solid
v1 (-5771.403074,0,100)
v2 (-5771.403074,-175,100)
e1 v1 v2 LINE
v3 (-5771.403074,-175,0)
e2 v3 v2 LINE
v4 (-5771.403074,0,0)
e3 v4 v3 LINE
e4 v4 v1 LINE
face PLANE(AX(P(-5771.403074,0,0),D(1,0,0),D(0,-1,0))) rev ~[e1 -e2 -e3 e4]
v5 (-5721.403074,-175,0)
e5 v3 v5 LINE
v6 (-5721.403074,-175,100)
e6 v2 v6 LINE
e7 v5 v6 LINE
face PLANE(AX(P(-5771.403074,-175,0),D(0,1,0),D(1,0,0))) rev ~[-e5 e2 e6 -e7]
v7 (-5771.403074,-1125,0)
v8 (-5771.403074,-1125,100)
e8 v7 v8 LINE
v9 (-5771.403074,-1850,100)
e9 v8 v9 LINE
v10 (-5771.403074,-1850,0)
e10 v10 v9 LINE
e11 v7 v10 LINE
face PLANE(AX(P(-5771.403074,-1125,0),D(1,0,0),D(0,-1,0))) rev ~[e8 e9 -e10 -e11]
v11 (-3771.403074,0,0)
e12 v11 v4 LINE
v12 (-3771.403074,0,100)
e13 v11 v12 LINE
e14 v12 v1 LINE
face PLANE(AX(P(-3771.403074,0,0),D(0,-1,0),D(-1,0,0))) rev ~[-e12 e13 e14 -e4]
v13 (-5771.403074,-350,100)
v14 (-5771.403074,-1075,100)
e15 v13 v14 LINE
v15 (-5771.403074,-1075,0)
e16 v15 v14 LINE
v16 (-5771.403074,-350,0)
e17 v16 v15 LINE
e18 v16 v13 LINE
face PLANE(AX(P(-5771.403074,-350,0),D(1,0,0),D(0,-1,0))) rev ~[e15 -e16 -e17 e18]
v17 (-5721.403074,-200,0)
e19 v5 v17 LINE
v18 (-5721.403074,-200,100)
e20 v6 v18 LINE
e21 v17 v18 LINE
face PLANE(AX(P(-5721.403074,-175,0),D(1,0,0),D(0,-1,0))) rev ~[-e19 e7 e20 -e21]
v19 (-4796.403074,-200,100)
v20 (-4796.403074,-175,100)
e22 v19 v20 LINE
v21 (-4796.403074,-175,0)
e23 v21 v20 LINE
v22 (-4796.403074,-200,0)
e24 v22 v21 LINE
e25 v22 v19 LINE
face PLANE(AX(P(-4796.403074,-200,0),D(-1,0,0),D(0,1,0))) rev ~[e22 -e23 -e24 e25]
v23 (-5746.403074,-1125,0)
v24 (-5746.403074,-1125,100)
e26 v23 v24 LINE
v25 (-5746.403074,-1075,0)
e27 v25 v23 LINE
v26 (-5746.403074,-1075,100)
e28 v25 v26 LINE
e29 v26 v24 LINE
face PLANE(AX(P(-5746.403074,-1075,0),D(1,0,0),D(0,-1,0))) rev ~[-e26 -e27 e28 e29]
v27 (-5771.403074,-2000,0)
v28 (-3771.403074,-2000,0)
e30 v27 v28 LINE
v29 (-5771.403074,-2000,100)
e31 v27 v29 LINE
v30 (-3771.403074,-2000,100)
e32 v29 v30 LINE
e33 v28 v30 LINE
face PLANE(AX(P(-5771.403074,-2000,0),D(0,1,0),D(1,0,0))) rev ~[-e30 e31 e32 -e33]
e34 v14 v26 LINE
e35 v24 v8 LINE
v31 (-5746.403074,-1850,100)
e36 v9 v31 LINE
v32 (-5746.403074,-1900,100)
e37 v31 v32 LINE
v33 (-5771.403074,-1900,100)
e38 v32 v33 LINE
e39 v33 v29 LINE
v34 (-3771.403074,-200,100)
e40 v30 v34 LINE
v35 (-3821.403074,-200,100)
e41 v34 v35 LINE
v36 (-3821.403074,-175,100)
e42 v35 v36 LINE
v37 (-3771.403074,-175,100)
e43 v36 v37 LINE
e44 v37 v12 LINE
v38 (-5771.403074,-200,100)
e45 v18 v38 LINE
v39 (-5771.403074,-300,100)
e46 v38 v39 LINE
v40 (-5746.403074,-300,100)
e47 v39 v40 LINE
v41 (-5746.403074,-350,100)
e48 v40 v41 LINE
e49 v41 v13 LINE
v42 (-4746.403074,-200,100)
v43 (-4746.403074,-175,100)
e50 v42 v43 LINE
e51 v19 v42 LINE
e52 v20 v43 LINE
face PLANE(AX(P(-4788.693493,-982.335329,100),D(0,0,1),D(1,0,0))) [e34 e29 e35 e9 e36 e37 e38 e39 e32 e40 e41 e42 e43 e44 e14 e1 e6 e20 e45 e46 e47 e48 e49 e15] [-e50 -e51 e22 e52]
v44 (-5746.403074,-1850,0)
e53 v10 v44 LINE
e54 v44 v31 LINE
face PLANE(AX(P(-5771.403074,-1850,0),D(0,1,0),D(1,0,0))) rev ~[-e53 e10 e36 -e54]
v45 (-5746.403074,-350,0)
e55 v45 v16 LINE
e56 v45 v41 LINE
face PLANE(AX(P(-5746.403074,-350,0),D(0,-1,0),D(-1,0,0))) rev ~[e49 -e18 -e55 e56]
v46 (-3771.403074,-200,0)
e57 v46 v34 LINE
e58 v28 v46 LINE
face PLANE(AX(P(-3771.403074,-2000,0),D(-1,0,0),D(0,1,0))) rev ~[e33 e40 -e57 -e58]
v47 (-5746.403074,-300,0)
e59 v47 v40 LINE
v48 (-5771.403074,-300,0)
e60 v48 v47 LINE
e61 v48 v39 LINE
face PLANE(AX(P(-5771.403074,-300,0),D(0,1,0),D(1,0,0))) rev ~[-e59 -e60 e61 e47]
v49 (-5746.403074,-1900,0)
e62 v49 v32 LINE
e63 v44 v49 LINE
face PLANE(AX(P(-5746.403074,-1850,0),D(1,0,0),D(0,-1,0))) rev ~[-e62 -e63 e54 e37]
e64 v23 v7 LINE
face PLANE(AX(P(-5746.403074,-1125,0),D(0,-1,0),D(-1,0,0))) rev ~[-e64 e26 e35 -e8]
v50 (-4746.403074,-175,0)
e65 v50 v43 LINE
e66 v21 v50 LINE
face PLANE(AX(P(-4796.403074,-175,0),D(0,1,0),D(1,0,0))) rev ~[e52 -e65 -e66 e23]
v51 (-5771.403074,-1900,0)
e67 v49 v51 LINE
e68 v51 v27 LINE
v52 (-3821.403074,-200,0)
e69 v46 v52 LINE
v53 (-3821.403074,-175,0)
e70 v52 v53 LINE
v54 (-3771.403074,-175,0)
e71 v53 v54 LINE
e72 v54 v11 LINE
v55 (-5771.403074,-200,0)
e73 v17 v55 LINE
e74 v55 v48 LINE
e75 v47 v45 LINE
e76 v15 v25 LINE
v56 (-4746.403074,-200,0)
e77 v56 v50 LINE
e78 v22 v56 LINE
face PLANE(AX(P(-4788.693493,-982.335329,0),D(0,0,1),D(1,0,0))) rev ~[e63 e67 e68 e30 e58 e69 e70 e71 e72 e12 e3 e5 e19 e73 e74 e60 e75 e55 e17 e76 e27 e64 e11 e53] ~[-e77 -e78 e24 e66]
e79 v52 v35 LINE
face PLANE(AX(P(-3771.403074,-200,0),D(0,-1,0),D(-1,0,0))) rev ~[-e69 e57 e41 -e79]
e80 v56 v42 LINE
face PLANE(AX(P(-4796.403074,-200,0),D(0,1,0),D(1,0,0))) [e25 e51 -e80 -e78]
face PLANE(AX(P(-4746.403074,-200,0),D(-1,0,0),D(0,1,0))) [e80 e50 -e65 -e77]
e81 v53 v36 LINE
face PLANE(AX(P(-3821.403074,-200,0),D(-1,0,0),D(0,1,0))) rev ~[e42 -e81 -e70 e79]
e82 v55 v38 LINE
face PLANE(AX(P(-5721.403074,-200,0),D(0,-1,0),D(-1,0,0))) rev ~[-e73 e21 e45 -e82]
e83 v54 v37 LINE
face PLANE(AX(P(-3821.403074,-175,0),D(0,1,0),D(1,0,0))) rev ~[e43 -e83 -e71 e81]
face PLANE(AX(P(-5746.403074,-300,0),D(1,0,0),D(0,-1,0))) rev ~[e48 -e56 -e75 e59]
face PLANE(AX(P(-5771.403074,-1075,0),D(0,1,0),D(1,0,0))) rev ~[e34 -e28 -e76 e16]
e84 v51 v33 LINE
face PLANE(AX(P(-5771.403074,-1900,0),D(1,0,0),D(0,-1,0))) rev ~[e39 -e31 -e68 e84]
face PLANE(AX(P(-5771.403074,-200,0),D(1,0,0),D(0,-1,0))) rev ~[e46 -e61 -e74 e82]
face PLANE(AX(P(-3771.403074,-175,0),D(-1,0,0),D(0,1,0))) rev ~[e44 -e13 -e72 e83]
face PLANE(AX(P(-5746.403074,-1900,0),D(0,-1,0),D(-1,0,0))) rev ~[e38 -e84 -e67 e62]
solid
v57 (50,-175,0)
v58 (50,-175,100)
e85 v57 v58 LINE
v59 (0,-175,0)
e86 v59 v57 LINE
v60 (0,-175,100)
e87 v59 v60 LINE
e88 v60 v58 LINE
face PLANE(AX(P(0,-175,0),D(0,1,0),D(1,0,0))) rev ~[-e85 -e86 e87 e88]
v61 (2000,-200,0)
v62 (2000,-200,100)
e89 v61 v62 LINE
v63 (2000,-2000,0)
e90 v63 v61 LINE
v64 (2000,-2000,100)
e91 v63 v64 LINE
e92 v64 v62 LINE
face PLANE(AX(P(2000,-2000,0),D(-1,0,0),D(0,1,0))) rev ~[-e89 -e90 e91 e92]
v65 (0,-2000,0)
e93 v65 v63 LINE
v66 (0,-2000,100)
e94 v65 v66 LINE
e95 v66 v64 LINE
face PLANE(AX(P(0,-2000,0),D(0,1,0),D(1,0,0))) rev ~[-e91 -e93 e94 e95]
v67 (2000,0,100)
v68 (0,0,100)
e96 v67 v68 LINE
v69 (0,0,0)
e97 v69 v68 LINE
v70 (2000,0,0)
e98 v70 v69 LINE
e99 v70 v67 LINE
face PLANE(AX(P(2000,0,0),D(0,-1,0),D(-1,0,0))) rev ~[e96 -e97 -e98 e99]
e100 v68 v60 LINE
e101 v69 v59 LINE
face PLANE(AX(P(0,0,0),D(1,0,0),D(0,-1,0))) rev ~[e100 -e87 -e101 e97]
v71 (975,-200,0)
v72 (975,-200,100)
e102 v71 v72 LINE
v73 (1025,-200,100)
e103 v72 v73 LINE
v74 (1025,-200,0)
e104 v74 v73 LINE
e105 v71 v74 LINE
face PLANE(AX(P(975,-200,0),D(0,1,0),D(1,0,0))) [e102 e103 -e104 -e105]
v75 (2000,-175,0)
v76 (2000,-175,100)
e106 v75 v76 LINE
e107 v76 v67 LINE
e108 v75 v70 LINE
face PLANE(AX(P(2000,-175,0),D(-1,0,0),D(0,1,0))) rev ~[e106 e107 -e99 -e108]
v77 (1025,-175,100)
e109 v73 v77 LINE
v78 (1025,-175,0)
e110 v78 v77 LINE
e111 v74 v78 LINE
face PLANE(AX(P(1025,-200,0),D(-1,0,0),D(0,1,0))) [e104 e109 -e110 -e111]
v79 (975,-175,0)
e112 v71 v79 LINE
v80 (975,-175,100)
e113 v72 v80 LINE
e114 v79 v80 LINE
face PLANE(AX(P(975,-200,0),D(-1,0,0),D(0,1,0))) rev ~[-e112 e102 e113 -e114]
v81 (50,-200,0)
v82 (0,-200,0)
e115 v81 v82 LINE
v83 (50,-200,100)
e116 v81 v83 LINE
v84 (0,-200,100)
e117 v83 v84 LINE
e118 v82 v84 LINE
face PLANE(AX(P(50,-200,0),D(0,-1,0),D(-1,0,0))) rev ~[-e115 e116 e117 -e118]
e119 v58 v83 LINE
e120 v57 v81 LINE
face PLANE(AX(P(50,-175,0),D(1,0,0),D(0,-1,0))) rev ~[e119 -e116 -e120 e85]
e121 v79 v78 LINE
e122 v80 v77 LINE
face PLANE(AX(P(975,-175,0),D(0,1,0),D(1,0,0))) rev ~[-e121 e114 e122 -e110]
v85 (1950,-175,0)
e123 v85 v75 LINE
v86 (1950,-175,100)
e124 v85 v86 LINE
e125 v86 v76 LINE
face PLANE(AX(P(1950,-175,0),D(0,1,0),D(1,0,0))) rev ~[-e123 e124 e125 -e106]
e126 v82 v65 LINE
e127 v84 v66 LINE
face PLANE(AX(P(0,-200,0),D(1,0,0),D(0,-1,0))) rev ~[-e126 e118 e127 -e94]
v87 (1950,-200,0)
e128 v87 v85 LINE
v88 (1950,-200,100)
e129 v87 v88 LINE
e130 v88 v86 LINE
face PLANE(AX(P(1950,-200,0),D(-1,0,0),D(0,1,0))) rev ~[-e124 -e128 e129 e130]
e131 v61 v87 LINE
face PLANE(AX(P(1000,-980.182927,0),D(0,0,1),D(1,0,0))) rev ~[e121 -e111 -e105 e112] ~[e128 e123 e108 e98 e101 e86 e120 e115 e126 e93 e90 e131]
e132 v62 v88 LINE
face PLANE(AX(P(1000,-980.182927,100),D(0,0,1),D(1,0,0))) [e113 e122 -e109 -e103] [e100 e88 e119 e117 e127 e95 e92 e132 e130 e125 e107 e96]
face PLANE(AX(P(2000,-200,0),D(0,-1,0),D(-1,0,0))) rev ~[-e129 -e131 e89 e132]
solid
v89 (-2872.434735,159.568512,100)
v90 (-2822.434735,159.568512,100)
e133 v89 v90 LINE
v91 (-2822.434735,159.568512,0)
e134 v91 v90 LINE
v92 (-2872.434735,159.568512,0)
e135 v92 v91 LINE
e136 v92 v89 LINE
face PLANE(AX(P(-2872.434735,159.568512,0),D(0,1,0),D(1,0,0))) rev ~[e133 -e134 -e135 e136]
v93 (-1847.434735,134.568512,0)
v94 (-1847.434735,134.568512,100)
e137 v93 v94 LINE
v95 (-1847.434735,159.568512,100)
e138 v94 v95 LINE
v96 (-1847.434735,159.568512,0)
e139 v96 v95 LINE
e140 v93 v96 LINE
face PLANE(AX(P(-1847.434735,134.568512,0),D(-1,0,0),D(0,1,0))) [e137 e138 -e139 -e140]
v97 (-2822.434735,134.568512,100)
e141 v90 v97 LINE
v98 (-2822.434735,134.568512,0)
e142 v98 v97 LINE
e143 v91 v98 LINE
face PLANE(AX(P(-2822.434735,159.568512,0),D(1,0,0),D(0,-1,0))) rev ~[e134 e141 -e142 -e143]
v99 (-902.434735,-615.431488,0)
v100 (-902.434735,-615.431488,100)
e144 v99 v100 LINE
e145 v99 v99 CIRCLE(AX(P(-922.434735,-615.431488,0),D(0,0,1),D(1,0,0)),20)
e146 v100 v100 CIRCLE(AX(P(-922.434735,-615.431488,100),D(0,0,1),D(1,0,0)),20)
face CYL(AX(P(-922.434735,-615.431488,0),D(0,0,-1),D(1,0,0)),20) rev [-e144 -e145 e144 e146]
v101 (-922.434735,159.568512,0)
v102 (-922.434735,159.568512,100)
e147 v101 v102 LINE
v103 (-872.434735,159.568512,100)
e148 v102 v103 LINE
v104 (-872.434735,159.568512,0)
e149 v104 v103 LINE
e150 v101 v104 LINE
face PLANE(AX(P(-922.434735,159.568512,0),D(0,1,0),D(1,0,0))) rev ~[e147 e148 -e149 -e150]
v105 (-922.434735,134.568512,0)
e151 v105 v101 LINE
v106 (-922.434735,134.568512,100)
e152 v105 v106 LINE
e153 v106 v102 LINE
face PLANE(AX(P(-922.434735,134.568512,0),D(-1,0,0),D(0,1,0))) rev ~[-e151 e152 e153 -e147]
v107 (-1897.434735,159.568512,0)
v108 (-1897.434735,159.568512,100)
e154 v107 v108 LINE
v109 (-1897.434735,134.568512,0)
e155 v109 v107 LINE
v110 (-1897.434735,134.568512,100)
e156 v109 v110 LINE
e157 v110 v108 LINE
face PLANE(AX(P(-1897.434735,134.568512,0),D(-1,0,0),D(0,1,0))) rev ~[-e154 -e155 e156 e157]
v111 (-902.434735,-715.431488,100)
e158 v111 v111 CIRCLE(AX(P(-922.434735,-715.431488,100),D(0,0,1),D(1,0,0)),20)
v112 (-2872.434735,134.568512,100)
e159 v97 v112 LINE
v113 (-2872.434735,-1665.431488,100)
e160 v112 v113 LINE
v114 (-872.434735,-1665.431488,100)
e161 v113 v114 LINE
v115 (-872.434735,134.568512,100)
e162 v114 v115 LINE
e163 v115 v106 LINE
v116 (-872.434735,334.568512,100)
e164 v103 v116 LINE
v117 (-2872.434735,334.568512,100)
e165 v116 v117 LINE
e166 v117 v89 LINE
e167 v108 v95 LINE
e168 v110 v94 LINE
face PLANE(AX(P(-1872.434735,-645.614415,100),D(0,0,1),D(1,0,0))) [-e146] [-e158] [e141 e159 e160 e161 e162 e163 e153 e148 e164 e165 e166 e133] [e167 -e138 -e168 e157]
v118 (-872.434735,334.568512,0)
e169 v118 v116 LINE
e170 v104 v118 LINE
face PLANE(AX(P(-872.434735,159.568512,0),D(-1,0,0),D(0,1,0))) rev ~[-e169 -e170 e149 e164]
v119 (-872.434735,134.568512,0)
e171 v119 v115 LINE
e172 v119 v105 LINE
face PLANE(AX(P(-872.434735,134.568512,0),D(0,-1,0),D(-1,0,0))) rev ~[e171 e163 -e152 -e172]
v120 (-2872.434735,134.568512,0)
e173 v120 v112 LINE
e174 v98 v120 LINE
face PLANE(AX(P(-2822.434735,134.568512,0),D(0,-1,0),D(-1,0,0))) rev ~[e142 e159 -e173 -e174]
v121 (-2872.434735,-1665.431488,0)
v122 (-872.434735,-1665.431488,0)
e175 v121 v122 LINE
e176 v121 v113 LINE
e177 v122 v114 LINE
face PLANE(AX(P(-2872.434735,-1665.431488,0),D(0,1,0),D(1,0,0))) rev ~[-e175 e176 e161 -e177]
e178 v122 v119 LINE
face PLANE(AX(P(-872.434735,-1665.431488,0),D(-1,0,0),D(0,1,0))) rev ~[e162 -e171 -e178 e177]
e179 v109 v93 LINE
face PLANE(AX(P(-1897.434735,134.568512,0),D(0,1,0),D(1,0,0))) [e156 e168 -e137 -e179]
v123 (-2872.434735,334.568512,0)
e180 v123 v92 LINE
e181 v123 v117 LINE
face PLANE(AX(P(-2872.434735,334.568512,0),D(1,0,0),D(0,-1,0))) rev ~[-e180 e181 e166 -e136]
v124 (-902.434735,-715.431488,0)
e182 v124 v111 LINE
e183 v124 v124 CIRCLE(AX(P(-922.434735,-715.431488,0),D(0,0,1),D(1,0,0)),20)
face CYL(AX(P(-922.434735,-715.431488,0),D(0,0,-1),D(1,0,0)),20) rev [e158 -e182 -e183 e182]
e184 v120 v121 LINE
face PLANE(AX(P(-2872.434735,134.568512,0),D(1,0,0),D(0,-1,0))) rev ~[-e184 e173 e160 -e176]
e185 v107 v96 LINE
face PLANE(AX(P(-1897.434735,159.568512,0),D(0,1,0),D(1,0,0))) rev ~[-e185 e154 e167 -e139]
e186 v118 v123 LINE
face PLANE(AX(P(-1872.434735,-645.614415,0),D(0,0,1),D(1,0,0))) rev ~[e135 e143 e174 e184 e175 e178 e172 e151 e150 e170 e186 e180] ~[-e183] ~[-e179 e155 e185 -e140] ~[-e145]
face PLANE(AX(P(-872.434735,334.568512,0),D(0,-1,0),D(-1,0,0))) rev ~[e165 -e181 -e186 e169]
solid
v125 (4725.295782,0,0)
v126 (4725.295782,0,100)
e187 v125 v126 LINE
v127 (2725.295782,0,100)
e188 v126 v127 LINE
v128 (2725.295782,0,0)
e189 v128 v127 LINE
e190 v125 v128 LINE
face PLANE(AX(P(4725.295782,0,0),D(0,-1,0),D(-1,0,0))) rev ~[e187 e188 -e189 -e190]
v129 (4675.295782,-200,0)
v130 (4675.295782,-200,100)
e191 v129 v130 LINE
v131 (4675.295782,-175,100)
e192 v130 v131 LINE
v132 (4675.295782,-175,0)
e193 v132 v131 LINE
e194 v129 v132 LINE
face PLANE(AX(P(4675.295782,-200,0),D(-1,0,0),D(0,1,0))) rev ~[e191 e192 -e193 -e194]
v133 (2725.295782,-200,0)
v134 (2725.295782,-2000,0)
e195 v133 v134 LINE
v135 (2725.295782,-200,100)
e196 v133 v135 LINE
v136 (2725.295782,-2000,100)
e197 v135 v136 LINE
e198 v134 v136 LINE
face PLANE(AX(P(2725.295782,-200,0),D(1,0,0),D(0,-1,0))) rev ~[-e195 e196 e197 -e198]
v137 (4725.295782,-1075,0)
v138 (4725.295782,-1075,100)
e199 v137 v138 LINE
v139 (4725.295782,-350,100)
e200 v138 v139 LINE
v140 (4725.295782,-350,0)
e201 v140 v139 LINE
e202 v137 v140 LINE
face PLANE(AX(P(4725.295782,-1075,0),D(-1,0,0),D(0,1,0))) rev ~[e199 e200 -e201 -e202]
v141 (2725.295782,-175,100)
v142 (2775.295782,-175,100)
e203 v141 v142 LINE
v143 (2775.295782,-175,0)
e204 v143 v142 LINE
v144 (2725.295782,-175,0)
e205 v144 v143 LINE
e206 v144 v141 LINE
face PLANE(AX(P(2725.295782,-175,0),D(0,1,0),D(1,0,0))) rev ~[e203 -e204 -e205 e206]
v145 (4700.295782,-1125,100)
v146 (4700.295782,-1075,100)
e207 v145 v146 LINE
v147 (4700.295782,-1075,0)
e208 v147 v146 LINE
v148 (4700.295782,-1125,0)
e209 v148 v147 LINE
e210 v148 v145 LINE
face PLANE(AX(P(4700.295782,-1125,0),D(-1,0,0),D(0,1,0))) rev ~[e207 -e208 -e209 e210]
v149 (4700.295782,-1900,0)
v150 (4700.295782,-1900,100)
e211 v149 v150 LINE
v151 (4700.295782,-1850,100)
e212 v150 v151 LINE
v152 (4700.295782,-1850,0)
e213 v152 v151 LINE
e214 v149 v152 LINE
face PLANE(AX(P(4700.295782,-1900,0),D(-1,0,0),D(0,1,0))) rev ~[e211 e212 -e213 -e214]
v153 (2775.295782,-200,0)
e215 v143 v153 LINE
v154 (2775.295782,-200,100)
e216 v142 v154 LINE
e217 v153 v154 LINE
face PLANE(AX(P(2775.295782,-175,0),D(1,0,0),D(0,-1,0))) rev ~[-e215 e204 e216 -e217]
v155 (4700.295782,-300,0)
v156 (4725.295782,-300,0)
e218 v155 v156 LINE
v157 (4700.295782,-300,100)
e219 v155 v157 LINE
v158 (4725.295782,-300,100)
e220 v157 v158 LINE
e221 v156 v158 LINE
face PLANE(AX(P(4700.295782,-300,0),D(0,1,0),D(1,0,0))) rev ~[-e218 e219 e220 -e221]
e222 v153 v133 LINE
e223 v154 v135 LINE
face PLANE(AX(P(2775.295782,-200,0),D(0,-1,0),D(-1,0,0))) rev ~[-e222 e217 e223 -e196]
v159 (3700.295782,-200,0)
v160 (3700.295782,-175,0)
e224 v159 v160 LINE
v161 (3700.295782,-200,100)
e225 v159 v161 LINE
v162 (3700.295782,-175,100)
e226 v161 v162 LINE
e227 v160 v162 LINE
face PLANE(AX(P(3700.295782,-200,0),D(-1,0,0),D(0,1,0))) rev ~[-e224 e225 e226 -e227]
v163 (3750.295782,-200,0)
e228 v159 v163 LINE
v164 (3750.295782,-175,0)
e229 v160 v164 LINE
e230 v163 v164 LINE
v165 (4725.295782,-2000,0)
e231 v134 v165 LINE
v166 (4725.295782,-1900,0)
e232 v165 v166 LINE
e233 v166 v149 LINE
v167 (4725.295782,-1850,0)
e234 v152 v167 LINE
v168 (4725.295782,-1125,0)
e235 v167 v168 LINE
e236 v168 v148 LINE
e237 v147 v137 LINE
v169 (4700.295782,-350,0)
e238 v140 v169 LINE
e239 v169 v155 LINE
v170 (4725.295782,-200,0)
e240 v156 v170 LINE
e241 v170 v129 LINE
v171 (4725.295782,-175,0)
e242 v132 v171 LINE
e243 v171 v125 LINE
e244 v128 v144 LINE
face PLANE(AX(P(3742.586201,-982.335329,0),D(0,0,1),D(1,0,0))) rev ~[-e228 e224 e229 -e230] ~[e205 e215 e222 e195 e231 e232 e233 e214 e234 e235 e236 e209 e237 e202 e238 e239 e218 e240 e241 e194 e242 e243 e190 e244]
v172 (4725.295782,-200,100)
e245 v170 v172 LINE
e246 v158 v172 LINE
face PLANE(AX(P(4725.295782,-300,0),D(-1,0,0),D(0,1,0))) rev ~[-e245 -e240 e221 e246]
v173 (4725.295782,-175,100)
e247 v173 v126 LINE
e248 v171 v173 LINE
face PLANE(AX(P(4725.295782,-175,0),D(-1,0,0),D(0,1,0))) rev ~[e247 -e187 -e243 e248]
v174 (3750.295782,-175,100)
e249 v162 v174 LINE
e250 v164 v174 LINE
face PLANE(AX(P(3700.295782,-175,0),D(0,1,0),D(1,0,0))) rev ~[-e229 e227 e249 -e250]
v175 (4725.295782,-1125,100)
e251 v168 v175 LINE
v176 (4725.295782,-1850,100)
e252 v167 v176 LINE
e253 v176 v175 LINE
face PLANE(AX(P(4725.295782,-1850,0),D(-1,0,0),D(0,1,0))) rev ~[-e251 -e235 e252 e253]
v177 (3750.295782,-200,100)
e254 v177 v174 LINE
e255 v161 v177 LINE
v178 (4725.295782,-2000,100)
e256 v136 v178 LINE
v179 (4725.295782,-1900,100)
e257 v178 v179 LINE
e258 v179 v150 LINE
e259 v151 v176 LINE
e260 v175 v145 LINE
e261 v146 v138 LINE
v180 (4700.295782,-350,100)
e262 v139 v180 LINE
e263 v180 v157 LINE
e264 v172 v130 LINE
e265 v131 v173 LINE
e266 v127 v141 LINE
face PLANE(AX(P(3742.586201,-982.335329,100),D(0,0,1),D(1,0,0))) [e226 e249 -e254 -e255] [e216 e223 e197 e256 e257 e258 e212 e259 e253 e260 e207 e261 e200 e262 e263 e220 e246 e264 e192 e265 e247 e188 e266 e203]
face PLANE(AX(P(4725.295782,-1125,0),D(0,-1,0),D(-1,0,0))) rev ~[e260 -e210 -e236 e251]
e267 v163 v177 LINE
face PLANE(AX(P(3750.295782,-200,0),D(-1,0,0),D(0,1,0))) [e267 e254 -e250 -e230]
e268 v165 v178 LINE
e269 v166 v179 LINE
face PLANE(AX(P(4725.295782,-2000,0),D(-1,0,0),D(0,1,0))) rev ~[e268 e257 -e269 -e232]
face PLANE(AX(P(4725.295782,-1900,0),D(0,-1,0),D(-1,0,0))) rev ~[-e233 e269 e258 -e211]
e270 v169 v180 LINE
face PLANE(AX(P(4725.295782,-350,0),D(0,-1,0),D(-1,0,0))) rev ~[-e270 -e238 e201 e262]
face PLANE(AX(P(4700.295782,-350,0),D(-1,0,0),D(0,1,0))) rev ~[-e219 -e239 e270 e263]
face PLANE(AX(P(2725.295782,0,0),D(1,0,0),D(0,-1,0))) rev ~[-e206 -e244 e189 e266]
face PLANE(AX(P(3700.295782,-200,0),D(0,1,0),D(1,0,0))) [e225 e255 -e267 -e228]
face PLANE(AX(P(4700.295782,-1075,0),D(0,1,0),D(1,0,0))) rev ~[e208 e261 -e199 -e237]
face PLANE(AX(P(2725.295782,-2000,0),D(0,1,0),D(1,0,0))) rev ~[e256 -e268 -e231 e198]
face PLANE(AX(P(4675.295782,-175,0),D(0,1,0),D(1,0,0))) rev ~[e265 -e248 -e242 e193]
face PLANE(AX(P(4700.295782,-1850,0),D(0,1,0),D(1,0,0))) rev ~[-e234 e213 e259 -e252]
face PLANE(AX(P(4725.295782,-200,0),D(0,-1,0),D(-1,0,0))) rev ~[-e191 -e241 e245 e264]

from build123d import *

# Parameters (mm, degrees)
F0_W     = 50
F0_H     = 25
F1_DEPTH = 100
F2_R     = 20
F2_W     = 50
F2_H     = 25
F3_DEPTH = 100
F4_W     = 50
F4_H     = 25
F5_DEPTH = 100


with BuildPart() as f1:
    # F0 (on Top) → F1 (new body)
    with BuildSketch(Plane.XY):
        Polygon((2000, 0), (0, 0), (0, -175), (50, -175), (50, -200), (0, -200), (0, -2000), (2000, -2000), (2000, -200), (1950, -200), (1950, -175), (2000, -175), align=None)
        with Locations((1000, -187.5)):
            Rectangle(F0_W, F0_H, mode=Mode.SUBTRACT)
    extrude(amount=F1_DEPTH)


with BuildPart() as f3:
    # F2 (on Top) → F3 (new body)
    with BuildSketch(Plane.XY):
        Polygon((-872.434735, 334.568512), (-2872.434735, 334.568512), (-2872.434735, 159.568512), (-2822.434735, 159.568512), (-2822.434735, 134.568512), (-2872.434735, 134.568512), (-2872.434735, -1665.431488), (-972.434735, -1665.431488), (-872.434735, -1665.431488), (-872.434735, 134.568512), (-922.434735, 134.568512), (-922.434735, 159.568512), (-872.434735, 159.568512), align=None)
        with Locations((-922.434735, -715.431488)):
            Circle(F2_R, mode=Mode.SUBTRACT)
        with Locations((-1872.434735, 147.068512)):
            Rectangle(F2_W, F2_H, mode=Mode.SUBTRACT)
        with Locations((-922.434735, -615.431488)):
            Circle(F2_R, mode=Mode.SUBTRACT)
    extrude(amount=F3_DEPTH)


with BuildPart() as f5:
    # F4 (on Top) → F5 (new body)
    with BuildSketch(Plane.XY):
        Polygon((-3821.403074, -200), (-3821.403074, -175), (-3771.403074, -175), (-3771.403074, 0), (-5771.403074, 0), (-5771.403074, -175), (-5721.403074, -175), (-5721.403074, -200), (-5771.403074, -200), (-5771.403074, -300), (-5746.403074, -300), (-5746.403074, -350), (-5771.403074, -350), (-5771.403074, -1075), (-5746.403074, -1075), (-5746.403074, -1125), (-5771.403074, -1125), (-5771.403074, -1850), (-5746.403074, -1850), (-5746.403074, -1900), (-5771.403074, -1900), (-5771.403074, -2000), (-3771.403074, -2000), (-3771.403074, -200), align=None)
        with Locations((-4771.403074, -187.5)):
            Rectangle(F4_W, F4_H, mode=Mode.SUBTRACT)
        Polygon((2725.295782, -200), (2725.295782, -2000), (4725.295782, -2000), (4725.295782, -1900), (4700.295782, -1900), (4700.295782, -1850), (4725.295782, -1850), (4725.295782, -1125), (4700.295782, -1125), (4700.295782, -1075), (4725.295782, -1075), (4725.295782, -350), (4700.295782, -350), (4700.295782, -300), (4725.295782, -300), (4725.295782, -200), (4675.295782, -200), (4675.295782, -175), (4725.295782, -175), (4725.295782, 0), (2725.295782, 0), (2725.295782, -175), (2775.295782, -175), (2775.295782, -200), align=None)
        with Locations((3725.295782, -187.5)):
            Rectangle(F4_W, F4_H, mode=Mode.SUBTRACT)
    extrude(amount=F5_DEPTH)


solid = Compound([f1.part, f3.part, f5.part])
